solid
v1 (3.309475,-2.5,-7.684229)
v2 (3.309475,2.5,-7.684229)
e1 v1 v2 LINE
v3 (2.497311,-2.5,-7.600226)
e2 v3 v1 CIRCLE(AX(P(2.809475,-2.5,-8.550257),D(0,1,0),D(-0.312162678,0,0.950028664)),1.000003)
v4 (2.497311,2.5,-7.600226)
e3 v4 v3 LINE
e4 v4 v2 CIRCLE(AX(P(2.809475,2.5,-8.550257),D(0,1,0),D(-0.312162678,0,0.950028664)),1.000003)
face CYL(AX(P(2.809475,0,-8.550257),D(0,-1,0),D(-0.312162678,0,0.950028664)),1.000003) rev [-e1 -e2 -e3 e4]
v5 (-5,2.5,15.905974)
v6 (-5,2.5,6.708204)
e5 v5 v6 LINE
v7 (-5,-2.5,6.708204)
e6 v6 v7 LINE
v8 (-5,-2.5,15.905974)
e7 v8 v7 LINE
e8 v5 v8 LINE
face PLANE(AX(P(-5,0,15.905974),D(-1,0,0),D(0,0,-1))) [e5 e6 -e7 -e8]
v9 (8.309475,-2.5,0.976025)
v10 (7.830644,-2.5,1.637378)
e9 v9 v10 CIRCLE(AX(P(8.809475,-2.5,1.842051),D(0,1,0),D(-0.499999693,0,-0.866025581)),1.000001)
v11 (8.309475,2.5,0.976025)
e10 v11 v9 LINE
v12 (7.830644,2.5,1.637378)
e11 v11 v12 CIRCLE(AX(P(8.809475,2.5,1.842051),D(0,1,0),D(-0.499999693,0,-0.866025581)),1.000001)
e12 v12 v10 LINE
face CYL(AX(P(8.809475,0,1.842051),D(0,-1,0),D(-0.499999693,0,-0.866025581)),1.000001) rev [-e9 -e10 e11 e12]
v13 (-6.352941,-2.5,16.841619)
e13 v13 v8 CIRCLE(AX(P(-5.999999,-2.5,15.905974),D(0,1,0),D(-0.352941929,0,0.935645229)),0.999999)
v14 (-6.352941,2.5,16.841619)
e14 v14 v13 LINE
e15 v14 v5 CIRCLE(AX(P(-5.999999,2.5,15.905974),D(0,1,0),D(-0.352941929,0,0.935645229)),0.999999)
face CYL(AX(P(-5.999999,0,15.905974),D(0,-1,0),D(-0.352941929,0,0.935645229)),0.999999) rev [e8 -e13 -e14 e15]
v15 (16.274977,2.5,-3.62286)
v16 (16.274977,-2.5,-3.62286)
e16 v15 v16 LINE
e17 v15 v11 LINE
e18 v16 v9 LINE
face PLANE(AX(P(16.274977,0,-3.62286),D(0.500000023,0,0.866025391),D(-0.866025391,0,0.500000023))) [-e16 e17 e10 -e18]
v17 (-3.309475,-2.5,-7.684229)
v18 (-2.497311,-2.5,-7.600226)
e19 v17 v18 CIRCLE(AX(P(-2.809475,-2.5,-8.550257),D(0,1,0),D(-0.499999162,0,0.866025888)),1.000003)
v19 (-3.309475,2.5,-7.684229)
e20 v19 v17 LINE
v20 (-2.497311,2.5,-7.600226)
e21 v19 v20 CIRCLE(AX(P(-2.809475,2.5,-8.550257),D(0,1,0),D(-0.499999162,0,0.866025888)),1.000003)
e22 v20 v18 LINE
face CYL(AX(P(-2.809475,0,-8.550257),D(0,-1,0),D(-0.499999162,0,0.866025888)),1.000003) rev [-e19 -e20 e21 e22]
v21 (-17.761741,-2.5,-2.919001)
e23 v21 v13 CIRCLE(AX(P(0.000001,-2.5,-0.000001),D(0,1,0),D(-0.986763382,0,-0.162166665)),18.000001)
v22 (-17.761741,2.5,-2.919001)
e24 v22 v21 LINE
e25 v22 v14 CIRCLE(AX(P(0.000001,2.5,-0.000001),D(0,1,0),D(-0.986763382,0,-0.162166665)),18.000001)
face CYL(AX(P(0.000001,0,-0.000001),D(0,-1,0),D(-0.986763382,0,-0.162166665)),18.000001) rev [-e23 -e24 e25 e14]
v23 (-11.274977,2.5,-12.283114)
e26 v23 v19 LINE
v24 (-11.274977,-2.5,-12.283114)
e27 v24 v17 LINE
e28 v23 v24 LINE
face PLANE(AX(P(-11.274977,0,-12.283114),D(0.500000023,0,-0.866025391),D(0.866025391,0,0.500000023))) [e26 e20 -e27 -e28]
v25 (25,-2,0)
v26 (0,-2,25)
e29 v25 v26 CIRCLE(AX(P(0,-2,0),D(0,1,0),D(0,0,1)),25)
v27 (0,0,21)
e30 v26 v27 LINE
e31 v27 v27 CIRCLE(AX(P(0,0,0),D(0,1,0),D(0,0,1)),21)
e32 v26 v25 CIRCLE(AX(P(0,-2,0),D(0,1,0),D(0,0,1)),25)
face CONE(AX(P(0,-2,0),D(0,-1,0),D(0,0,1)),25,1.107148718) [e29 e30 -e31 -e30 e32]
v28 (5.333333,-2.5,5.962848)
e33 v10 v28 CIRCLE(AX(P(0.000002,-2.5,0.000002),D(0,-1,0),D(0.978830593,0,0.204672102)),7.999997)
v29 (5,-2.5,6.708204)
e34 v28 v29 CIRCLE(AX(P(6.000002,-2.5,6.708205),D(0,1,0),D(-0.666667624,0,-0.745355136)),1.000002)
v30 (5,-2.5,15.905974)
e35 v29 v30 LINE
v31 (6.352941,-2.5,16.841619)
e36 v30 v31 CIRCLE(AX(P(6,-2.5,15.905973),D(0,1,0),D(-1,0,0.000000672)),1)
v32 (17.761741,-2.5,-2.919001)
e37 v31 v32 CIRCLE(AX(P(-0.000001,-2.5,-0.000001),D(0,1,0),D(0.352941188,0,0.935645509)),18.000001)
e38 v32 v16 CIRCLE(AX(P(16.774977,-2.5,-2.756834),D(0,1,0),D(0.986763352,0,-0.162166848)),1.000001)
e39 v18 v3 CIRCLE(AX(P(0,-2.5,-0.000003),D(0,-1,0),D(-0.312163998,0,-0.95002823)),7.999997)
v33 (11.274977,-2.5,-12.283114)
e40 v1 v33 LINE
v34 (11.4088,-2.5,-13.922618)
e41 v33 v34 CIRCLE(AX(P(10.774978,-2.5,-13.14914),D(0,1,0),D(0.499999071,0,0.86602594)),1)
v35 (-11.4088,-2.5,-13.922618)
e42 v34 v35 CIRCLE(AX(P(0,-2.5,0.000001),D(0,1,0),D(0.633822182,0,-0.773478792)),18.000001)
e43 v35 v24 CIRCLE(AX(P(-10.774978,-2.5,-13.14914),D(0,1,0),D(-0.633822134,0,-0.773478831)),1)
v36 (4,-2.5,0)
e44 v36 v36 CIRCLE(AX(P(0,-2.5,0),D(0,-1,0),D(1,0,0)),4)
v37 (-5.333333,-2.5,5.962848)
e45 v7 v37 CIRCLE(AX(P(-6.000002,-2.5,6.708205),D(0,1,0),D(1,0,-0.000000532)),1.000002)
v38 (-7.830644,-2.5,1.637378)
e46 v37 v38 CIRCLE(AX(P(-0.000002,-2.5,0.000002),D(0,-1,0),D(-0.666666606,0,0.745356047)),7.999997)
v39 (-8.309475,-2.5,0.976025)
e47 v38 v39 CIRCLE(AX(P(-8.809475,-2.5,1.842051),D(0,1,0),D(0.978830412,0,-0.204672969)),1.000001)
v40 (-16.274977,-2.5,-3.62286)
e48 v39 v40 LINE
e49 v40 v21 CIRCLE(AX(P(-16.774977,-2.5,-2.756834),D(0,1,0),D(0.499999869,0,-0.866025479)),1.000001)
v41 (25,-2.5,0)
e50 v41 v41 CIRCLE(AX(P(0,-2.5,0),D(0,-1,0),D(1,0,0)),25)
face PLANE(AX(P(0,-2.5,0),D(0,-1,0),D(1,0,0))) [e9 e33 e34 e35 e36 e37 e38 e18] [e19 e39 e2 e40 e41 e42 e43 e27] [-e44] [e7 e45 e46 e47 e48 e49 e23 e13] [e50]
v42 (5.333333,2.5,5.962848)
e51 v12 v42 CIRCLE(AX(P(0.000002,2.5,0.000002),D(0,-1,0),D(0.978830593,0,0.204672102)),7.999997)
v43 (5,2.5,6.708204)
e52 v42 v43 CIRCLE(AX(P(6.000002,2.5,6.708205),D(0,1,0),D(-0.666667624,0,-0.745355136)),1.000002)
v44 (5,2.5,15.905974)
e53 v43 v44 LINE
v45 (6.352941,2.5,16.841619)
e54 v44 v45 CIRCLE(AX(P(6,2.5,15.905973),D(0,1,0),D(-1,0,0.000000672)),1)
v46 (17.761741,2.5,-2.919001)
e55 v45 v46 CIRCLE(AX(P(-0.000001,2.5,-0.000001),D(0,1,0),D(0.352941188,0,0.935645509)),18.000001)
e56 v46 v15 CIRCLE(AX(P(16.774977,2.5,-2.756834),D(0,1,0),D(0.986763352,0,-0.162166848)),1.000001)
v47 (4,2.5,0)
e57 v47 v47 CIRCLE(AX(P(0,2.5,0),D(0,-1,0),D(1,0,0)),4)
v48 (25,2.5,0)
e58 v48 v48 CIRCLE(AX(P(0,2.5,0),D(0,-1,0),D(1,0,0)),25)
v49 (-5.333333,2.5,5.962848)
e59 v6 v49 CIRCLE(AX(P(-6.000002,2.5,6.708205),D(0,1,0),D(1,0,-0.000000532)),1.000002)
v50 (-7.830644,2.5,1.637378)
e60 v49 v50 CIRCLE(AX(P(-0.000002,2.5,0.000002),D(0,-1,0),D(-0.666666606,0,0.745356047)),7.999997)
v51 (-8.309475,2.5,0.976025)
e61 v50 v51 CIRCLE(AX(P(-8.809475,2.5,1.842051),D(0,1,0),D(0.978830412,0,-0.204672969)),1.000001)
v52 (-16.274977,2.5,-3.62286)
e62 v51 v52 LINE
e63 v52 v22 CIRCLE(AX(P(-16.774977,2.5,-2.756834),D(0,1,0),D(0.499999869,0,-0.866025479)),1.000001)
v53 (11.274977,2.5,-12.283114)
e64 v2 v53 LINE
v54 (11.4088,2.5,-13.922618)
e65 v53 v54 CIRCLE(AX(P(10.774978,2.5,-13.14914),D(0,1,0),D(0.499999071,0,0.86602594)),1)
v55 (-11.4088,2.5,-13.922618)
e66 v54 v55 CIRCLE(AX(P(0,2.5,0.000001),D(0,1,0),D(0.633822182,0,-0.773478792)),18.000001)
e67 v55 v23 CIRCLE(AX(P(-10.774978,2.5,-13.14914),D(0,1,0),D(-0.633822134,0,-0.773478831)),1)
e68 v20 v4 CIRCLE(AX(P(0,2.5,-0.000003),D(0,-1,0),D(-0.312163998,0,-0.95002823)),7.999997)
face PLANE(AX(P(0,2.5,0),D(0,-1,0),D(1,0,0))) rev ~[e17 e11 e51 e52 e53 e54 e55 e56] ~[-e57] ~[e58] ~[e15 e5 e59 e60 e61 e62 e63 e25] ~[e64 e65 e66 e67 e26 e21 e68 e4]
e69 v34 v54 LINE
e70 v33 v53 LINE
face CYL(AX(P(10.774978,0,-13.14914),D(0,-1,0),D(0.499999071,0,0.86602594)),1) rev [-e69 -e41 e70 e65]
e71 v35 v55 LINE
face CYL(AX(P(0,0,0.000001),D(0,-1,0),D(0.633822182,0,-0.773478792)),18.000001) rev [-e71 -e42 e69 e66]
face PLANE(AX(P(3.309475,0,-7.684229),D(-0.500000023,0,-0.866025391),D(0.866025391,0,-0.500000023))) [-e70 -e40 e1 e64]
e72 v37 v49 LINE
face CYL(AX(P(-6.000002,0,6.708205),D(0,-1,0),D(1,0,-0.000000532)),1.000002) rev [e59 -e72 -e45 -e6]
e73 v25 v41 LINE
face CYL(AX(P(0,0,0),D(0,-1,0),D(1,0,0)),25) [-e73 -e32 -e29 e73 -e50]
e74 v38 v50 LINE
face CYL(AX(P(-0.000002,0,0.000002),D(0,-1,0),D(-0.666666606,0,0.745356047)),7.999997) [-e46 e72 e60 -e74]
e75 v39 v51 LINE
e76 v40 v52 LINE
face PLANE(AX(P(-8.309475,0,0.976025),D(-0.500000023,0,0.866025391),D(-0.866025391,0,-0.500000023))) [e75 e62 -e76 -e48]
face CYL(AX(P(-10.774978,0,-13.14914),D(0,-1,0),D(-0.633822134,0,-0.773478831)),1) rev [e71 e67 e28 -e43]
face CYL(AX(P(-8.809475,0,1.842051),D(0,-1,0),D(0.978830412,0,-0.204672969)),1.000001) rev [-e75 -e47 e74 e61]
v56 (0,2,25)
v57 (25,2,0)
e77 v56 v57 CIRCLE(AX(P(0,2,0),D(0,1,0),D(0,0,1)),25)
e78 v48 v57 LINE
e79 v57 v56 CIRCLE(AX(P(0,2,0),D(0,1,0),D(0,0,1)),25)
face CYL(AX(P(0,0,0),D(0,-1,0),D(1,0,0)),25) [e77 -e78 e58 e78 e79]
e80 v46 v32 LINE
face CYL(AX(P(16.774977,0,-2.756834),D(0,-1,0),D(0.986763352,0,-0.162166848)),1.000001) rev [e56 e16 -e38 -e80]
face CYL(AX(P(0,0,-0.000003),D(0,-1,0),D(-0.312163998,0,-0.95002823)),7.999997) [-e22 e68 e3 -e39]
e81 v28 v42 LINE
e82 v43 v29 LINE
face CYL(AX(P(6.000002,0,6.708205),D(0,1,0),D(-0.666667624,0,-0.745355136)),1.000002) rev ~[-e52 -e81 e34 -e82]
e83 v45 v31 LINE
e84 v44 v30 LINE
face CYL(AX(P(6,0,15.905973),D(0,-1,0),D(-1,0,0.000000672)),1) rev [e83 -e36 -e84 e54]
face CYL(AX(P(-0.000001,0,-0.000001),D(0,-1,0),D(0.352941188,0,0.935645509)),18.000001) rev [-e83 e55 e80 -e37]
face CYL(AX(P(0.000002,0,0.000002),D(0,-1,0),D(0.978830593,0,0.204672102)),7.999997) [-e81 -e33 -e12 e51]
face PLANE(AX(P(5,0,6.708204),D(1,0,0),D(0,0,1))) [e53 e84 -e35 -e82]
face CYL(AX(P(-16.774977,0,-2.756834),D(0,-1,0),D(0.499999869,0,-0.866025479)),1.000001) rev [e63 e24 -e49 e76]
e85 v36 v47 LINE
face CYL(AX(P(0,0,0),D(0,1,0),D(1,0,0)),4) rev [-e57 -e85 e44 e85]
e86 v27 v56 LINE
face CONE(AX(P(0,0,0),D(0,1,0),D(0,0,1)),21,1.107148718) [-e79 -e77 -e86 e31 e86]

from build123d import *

# Parameters (mm, degrees)
F0_R     = 25
F0_R_2   = 4
F1_DEPTH = 2.5


with BuildPart() as f1:
    # F0 (on Front) → F1 (new body, symmetric)
    with BuildSketch(Plane.XZ):
        Circle(F0_R)
        with BuildLine():
            Line((-11.274977, -12.283114), (-3.309475, -7.684229))
            ThreePointArc((-3.309475, -7.684229), (-2.912357, -7.555561), (-2.497311, -7.600226))
            ThreePointArc((-2.497311, -7.600226), (0, -8), (2.497311, -7.600226))
            ThreePointArc((2.497311, -7.600226), (2.912357, -7.555561), (3.309475, -7.684229))
            Line((3.309475, -7.684229), (11.274977, -12.283114))
            ThreePointArc((11.274977, -12.283114), (11.771663, -13.067786), (11.4088, -13.922618))
            ThreePointArc((11.4088, -13.922618), (0, -18), (-11.4088, -13.922618))
            ThreePointArc((-11.4088, -13.922618), (-11.771663, -13.067786), (-11.274977, -12.283114))
        make_face(mode=Mode.SUBTRACT)
        with BuildLine():
            ThreePointArc((-17.761741, -2.919001), (-15.588457, 9), (-6.352941, 16.841619))
            ThreePointArc((-6.352941, 16.841619), (-5.431203, 16.728452), (-5, 15.905974))
            Line((-5, 15.905974), (-5, 6.708204))
            ThreePointArc((-5, 6.708204), (-5.087129, 6.299956), (-5.333333, 5.962848))
            ThreePointArc((-5.333333, 5.962848), (-6.928203, 4), (-7.830644, 1.637378))
            ThreePointArc((-7.830644, 1.637378), (-7.999486, 1.255605), (-8.309475, 0.976025))
            Line((-8.309475, 0.976025), (-16.274977, -3.62286))
            ThreePointArc((-16.274977, -3.62286), (-17.202866, -3.660666), (-17.761741, -2.919001))
        make_face(mode=Mode.SUBTRACT)
        Circle(F0_R_2, mode=Mode.SUBTRACT)
        with BuildLine():
            ThreePointArc((5.333333, 5.962848), (5.087129, 6.299956), (5, 6.708204))
            Line((5, 6.708204), (5, 15.905974))
            ThreePointArc((5, 15.905974), (5.431204, 16.728452), (6.352941, 16.841619))
            ThreePointArc((6.352941, 16.841619), (15.588457, 9), (17.761741, -2.919001))
            ThreePointArc((17.761741, -2.919001), (17.202866, -3.660666), (16.274977, -3.62286))
            Line((16.274977, -3.62286), (8.309475, 0.976025))
            ThreePointArc((8.309475, 0.976025), (7.999486, 1.255605), (7.830644, 1.637378))
            ThreePointArc((7.830644, 1.637378), (6.928203, 4), (5.333333, 5.962848))
        make_face(mode=Mode.SUBTRACT)
    extrude(amount=F1_DEPTH, both=True)

    # F2 (on Right) → F3 (revolve, cut)
    with BuildSketch(Plane.YZ):
        Polygon((-2, 25), (0, 21), (0, 25), align=None)
        Polygon((0, 25), (0, 21), (2, 25), align=None)
    revolve(axis=Axis((0, 0.001726, 0), (0, 1, 0)), mode=Mode.SUBTRACT)


solid = f1.part
